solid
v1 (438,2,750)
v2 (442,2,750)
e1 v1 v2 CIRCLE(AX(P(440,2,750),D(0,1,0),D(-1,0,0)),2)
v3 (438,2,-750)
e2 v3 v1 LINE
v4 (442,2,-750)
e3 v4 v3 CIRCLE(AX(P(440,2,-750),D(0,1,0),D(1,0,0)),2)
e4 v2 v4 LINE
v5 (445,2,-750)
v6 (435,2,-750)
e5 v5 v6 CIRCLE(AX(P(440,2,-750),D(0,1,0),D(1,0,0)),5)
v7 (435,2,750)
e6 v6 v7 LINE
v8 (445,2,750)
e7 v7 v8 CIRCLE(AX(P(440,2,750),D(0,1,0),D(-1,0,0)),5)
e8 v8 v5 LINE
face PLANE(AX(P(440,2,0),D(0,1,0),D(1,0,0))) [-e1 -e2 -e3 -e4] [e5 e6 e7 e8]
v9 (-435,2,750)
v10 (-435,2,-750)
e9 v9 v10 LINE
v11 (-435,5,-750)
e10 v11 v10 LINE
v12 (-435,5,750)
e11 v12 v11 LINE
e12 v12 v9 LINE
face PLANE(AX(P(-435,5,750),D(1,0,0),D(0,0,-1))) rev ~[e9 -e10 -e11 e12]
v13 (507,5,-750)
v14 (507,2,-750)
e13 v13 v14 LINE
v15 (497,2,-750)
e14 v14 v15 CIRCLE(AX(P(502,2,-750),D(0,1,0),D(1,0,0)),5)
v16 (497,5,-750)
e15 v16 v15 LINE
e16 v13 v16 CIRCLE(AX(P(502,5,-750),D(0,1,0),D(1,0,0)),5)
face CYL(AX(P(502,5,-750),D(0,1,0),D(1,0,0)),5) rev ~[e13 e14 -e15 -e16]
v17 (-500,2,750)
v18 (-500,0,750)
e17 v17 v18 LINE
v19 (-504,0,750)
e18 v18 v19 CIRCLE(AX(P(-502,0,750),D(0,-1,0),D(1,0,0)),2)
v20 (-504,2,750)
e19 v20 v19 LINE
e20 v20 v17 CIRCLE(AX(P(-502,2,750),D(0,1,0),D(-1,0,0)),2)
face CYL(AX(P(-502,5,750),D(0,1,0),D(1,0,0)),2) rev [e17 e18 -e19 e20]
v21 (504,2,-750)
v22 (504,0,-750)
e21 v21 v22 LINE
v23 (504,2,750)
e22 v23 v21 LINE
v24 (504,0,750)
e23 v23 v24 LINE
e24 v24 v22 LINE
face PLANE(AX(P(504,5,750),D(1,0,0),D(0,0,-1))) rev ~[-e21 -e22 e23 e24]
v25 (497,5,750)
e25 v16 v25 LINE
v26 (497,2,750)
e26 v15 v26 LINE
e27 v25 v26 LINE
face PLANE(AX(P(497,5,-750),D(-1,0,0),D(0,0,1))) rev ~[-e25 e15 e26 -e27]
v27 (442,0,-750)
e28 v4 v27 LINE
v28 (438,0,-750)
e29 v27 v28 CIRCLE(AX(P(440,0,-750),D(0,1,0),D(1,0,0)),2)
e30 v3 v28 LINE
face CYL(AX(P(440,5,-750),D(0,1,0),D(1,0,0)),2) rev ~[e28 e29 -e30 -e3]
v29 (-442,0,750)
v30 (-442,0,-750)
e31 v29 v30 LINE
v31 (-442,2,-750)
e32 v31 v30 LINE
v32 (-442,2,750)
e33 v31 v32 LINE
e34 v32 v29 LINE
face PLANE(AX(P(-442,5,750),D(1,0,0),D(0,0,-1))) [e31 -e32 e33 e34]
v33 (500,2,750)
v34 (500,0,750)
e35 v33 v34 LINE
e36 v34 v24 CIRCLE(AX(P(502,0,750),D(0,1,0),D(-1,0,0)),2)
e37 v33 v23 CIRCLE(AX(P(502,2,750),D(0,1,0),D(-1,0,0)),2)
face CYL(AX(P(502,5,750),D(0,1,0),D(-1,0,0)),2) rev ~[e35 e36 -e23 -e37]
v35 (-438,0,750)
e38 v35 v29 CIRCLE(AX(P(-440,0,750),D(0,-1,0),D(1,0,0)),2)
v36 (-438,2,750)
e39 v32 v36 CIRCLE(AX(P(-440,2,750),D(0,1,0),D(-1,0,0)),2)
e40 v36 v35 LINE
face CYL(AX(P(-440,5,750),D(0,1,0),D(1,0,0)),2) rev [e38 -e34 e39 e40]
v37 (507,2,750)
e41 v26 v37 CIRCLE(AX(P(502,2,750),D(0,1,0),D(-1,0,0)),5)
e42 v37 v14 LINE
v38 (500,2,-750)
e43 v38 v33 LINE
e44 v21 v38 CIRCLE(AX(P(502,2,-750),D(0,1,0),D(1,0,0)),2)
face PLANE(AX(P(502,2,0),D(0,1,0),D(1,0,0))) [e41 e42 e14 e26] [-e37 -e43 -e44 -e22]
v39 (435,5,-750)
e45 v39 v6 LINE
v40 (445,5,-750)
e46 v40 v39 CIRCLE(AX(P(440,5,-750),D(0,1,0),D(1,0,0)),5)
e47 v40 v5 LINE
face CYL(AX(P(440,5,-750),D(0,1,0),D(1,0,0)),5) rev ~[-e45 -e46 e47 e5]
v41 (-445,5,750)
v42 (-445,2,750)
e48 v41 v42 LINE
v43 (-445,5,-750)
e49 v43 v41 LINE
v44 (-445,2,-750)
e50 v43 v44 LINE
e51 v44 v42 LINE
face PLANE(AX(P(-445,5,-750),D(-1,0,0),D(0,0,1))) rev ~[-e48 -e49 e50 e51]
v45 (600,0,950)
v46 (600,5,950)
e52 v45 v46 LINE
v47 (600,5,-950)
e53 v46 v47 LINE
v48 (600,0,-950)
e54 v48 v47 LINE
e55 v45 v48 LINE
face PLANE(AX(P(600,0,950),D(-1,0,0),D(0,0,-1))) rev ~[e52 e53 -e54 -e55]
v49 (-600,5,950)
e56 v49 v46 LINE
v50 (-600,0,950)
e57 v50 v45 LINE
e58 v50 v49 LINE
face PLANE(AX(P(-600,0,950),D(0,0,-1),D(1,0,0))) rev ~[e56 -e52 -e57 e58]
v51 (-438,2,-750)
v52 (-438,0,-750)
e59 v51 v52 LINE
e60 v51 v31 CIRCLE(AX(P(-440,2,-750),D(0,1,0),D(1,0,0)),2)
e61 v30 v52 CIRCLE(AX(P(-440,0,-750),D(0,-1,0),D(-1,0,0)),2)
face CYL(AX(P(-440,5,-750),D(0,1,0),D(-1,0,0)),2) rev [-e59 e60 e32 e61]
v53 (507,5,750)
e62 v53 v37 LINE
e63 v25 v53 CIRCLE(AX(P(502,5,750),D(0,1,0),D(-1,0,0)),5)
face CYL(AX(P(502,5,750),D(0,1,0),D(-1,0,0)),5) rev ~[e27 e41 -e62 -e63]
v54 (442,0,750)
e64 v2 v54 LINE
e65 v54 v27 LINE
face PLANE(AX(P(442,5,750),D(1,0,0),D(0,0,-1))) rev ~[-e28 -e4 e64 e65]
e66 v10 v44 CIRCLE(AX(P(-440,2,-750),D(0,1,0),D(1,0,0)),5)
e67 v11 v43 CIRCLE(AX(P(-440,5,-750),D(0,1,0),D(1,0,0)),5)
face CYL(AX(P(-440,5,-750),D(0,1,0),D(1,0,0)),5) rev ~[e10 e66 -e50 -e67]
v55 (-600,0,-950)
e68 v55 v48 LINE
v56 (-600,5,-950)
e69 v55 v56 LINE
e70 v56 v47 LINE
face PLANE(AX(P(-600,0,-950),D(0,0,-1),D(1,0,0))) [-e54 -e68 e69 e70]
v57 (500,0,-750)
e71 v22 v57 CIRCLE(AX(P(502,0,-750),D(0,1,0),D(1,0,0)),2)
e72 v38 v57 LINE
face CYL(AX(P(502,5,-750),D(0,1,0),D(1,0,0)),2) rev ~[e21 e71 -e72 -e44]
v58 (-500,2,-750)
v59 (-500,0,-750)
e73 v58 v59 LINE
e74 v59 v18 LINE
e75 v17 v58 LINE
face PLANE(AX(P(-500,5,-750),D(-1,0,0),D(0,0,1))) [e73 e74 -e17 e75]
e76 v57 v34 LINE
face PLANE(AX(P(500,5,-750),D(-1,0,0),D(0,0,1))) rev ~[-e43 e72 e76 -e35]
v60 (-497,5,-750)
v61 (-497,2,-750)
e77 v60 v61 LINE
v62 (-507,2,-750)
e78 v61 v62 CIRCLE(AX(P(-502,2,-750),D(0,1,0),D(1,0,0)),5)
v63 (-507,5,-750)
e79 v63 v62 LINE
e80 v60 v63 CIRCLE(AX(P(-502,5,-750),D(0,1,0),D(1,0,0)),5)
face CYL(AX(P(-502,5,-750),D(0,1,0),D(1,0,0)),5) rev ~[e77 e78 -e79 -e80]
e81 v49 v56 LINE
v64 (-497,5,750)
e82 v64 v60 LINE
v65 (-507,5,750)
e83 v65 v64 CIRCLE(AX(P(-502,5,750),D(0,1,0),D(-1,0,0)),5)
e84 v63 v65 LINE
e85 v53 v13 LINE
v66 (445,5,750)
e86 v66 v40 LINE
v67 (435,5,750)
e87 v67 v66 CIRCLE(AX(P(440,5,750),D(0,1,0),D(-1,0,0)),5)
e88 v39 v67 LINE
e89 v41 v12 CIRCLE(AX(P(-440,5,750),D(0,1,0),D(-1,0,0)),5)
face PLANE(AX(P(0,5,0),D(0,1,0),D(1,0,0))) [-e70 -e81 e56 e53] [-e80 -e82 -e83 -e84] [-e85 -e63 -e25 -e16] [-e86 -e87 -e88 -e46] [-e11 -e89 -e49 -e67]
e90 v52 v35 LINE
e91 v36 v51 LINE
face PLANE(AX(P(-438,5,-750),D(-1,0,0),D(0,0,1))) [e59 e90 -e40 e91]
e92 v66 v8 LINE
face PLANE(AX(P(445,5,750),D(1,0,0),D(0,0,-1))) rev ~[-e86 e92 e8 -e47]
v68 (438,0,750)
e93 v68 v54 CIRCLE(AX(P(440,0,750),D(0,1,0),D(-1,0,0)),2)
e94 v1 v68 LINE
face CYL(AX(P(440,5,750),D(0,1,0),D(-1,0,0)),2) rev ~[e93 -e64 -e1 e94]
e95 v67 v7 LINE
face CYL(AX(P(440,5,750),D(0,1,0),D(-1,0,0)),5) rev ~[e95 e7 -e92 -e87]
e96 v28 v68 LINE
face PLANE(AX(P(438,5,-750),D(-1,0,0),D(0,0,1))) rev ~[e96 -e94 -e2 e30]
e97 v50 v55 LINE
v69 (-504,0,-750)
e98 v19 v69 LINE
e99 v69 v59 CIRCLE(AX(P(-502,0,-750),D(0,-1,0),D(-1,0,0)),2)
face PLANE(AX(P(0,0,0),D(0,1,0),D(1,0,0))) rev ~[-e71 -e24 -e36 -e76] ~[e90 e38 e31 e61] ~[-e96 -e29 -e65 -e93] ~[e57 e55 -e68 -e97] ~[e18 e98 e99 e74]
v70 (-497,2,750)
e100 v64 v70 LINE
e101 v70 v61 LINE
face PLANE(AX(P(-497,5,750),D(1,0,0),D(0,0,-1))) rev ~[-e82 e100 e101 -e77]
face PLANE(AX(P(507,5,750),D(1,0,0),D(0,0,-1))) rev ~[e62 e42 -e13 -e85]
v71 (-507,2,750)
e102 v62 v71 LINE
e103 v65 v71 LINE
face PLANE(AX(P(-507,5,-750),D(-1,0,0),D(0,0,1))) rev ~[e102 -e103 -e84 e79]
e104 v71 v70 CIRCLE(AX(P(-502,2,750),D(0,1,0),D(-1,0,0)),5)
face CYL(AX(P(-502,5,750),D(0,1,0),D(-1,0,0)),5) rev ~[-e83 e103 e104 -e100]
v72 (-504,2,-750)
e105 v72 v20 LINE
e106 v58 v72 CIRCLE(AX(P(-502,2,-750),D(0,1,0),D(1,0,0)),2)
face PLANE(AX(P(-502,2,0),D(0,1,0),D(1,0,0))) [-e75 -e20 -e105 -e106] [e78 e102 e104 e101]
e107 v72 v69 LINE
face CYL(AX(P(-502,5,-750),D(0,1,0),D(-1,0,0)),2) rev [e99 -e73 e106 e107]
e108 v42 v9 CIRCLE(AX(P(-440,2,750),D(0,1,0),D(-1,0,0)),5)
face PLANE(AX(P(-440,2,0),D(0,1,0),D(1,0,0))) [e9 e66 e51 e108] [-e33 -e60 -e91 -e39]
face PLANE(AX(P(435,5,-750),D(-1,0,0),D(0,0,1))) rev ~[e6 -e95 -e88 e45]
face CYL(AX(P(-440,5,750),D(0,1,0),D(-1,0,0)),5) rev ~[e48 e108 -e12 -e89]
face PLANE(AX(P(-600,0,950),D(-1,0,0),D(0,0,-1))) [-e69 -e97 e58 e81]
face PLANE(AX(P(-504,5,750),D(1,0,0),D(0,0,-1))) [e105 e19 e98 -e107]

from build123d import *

# Parameters (mm, degrees)
SKETCH1_W           = 1200
SKETCH1_H           = 1900
BOSS_EXTRUDE1_DEPTH = 5
CUT_EXTRUDE1_DEPTH  = 5
CUT_EXTRUDE2_DEPTH  = 3


with BuildPart() as part:
    # Sketch1 → Boss-Extrude1 (new body)
    with BuildSketch(Plane(origin=(0, 0, 0), x_dir=(1, 0, 0), z_dir=(0, 1, 0))):
        Rectangle(SKETCH1_W, SKETCH1_H)
    extrude(amount=BOSS_EXTRUDE1_DEPTH)

    # Sketch2 → Cut-Extrude1 (cut)
    with BuildSketch(Plane(origin=(0, 5, 0), x_dir=(1, 0, 0), z_dir=(0, 1, 0))):
        with BuildLine():
            Line((-500, 750), (-500, -750))
            ThreePointArc((-500, -750), (-502, -752), (-504, -750))
            Line((-504, -750), (-504, 750))
            ThreePointArc((-504, 750), (-502, 752), (-500, 750))
        make_face()
        with BuildLine():
            Line((-438, 750), (-438, -750))
            ThreePointArc((-438, -750), (-440, -752), (-442, -750))
            Line((-442, -750), (-442, 750))
            ThreePointArc((-442, 750), (-440, 752), (-438, 750))
        make_face()
        with BuildLine():
            Line((438, 750), (438, -750))
            ThreePointArc((438, -750), (440, -752), (442, -750))
            Line((442, -750), (442, 750))
            ThreePointArc((442, 750), (440, 752), (438, 750))
        make_face()
        with BuildLine():
            Line((500, 750), (500, -750))
            ThreePointArc((500, -750), (502, -752), (504, -750))
            Line((504, -750), (504, 750))
            ThreePointArc((504, 750), (502, 752), (500, 750))
        make_face()
    extrude(amount=-CUT_EXTRUDE1_DEPTH, mode=Mode.SUBTRACT)

    # Sketch4 → Cut-Extrude2 (cut)
    # profile 1 of 4: a face of its own
    with BuildSketch(Plane(origin=(0, 5, 0), x_dir=(1, 0, 0), z_dir=(0, 1, 0))):
        with BuildLine():
            Line((-435, -750), (-435, 750))
            ThreePointArc((-435, 750), (-440, 755), (-445, 750))
            Line((-445, 750), (-445, -750))
            ThreePointArc((-445, -750), (-440, -755), (-435, -750))
        make_face()
        with BuildLine():
            Line((-438, -750), (-438, 750))
            ThreePointArc((-438, 750), (-440, 752), (-442, 750))
            Line((-442, 750), (-442, -750))
            ThreePointArc((-442, -750), (-440, -752), (-438, -750))
        make_face(mode=Mode.SUBTRACT)
    # profile 2 of 4: a face of its own
    with BuildSketch(Plane(origin=(0, 5, 0), x_dir=(1, 0, 0), z_dir=(0, 1, 0))):
        with BuildLine():
            Line((-497, -750), (-497, 750))
            ThreePointArc((-497, 750), (-502, 755), (-507, 750))
            Line((-507, 750), (-507, -750))
            ThreePointArc((-507, -750), (-502, -755), (-497, -750))
        make_face()
        with BuildLine():
            Line((-500, -750), (-500, 750))
            ThreePointArc((-500, 750), (-502, 752), (-504, 750))
            Line((-504, 750), (-504, -750))
            ThreePointArc((-504, -750), (-502, -752), (-500, -750))
        make_face(mode=Mode.SUBTRACT)
    # profile 3 of 4: a face of its own
    with BuildSketch(Plane(origin=(0, 5, 0), x_dir=(1, 0, 0), z_dir=(0, 1, 0))):
        with BuildLine():
            Line((497, 750), (497, -750))
            ThreePointArc((497, -750), (502, -755), (507, -750))
            Line((507, -750), (507, 750))
            ThreePointArc((507, 750), (502, 755), (497, 750))
        make_face()
        with BuildLine():
            Line((500, 750), (500, -750))
            ThreePointArc((500, -750), (502, -752), (504, -750))
            Line((504, -750), (504, 750))
            ThreePointArc((504, 750), (502, 752), (500, 750))
        make_face(mode=Mode.SUBTRACT)
    # profile 4 of 4: a face of its own
    with BuildSketch(Plane(origin=(0, 5, 0), x_dir=(1, 0, 0), z_dir=(0, 1, 0))):
        with BuildLine():
            Line((435, 750), (435, -750))
            ThreePointArc((435, -750), (440, -755), (445, -750))
            Line((445, -750), (445, 750))
            ThreePointArc((445, 750), (440, 755), (435, 750))
        make_face()
        with BuildLine():
            Line((438, 750), (438, -750))
            ThreePointArc((438, -750), (440, -752), (442, -750))
            Line((442, -750), (442, 750))
            ThreePointArc((442, 750), (440, 752), (438, 750))
        make_face(mode=Mode.SUBTRACT)
    extrude(amount=-CUT_EXTRUDE2_DEPTH, mode=Mode.SUBTRACT)


solid = part.part
